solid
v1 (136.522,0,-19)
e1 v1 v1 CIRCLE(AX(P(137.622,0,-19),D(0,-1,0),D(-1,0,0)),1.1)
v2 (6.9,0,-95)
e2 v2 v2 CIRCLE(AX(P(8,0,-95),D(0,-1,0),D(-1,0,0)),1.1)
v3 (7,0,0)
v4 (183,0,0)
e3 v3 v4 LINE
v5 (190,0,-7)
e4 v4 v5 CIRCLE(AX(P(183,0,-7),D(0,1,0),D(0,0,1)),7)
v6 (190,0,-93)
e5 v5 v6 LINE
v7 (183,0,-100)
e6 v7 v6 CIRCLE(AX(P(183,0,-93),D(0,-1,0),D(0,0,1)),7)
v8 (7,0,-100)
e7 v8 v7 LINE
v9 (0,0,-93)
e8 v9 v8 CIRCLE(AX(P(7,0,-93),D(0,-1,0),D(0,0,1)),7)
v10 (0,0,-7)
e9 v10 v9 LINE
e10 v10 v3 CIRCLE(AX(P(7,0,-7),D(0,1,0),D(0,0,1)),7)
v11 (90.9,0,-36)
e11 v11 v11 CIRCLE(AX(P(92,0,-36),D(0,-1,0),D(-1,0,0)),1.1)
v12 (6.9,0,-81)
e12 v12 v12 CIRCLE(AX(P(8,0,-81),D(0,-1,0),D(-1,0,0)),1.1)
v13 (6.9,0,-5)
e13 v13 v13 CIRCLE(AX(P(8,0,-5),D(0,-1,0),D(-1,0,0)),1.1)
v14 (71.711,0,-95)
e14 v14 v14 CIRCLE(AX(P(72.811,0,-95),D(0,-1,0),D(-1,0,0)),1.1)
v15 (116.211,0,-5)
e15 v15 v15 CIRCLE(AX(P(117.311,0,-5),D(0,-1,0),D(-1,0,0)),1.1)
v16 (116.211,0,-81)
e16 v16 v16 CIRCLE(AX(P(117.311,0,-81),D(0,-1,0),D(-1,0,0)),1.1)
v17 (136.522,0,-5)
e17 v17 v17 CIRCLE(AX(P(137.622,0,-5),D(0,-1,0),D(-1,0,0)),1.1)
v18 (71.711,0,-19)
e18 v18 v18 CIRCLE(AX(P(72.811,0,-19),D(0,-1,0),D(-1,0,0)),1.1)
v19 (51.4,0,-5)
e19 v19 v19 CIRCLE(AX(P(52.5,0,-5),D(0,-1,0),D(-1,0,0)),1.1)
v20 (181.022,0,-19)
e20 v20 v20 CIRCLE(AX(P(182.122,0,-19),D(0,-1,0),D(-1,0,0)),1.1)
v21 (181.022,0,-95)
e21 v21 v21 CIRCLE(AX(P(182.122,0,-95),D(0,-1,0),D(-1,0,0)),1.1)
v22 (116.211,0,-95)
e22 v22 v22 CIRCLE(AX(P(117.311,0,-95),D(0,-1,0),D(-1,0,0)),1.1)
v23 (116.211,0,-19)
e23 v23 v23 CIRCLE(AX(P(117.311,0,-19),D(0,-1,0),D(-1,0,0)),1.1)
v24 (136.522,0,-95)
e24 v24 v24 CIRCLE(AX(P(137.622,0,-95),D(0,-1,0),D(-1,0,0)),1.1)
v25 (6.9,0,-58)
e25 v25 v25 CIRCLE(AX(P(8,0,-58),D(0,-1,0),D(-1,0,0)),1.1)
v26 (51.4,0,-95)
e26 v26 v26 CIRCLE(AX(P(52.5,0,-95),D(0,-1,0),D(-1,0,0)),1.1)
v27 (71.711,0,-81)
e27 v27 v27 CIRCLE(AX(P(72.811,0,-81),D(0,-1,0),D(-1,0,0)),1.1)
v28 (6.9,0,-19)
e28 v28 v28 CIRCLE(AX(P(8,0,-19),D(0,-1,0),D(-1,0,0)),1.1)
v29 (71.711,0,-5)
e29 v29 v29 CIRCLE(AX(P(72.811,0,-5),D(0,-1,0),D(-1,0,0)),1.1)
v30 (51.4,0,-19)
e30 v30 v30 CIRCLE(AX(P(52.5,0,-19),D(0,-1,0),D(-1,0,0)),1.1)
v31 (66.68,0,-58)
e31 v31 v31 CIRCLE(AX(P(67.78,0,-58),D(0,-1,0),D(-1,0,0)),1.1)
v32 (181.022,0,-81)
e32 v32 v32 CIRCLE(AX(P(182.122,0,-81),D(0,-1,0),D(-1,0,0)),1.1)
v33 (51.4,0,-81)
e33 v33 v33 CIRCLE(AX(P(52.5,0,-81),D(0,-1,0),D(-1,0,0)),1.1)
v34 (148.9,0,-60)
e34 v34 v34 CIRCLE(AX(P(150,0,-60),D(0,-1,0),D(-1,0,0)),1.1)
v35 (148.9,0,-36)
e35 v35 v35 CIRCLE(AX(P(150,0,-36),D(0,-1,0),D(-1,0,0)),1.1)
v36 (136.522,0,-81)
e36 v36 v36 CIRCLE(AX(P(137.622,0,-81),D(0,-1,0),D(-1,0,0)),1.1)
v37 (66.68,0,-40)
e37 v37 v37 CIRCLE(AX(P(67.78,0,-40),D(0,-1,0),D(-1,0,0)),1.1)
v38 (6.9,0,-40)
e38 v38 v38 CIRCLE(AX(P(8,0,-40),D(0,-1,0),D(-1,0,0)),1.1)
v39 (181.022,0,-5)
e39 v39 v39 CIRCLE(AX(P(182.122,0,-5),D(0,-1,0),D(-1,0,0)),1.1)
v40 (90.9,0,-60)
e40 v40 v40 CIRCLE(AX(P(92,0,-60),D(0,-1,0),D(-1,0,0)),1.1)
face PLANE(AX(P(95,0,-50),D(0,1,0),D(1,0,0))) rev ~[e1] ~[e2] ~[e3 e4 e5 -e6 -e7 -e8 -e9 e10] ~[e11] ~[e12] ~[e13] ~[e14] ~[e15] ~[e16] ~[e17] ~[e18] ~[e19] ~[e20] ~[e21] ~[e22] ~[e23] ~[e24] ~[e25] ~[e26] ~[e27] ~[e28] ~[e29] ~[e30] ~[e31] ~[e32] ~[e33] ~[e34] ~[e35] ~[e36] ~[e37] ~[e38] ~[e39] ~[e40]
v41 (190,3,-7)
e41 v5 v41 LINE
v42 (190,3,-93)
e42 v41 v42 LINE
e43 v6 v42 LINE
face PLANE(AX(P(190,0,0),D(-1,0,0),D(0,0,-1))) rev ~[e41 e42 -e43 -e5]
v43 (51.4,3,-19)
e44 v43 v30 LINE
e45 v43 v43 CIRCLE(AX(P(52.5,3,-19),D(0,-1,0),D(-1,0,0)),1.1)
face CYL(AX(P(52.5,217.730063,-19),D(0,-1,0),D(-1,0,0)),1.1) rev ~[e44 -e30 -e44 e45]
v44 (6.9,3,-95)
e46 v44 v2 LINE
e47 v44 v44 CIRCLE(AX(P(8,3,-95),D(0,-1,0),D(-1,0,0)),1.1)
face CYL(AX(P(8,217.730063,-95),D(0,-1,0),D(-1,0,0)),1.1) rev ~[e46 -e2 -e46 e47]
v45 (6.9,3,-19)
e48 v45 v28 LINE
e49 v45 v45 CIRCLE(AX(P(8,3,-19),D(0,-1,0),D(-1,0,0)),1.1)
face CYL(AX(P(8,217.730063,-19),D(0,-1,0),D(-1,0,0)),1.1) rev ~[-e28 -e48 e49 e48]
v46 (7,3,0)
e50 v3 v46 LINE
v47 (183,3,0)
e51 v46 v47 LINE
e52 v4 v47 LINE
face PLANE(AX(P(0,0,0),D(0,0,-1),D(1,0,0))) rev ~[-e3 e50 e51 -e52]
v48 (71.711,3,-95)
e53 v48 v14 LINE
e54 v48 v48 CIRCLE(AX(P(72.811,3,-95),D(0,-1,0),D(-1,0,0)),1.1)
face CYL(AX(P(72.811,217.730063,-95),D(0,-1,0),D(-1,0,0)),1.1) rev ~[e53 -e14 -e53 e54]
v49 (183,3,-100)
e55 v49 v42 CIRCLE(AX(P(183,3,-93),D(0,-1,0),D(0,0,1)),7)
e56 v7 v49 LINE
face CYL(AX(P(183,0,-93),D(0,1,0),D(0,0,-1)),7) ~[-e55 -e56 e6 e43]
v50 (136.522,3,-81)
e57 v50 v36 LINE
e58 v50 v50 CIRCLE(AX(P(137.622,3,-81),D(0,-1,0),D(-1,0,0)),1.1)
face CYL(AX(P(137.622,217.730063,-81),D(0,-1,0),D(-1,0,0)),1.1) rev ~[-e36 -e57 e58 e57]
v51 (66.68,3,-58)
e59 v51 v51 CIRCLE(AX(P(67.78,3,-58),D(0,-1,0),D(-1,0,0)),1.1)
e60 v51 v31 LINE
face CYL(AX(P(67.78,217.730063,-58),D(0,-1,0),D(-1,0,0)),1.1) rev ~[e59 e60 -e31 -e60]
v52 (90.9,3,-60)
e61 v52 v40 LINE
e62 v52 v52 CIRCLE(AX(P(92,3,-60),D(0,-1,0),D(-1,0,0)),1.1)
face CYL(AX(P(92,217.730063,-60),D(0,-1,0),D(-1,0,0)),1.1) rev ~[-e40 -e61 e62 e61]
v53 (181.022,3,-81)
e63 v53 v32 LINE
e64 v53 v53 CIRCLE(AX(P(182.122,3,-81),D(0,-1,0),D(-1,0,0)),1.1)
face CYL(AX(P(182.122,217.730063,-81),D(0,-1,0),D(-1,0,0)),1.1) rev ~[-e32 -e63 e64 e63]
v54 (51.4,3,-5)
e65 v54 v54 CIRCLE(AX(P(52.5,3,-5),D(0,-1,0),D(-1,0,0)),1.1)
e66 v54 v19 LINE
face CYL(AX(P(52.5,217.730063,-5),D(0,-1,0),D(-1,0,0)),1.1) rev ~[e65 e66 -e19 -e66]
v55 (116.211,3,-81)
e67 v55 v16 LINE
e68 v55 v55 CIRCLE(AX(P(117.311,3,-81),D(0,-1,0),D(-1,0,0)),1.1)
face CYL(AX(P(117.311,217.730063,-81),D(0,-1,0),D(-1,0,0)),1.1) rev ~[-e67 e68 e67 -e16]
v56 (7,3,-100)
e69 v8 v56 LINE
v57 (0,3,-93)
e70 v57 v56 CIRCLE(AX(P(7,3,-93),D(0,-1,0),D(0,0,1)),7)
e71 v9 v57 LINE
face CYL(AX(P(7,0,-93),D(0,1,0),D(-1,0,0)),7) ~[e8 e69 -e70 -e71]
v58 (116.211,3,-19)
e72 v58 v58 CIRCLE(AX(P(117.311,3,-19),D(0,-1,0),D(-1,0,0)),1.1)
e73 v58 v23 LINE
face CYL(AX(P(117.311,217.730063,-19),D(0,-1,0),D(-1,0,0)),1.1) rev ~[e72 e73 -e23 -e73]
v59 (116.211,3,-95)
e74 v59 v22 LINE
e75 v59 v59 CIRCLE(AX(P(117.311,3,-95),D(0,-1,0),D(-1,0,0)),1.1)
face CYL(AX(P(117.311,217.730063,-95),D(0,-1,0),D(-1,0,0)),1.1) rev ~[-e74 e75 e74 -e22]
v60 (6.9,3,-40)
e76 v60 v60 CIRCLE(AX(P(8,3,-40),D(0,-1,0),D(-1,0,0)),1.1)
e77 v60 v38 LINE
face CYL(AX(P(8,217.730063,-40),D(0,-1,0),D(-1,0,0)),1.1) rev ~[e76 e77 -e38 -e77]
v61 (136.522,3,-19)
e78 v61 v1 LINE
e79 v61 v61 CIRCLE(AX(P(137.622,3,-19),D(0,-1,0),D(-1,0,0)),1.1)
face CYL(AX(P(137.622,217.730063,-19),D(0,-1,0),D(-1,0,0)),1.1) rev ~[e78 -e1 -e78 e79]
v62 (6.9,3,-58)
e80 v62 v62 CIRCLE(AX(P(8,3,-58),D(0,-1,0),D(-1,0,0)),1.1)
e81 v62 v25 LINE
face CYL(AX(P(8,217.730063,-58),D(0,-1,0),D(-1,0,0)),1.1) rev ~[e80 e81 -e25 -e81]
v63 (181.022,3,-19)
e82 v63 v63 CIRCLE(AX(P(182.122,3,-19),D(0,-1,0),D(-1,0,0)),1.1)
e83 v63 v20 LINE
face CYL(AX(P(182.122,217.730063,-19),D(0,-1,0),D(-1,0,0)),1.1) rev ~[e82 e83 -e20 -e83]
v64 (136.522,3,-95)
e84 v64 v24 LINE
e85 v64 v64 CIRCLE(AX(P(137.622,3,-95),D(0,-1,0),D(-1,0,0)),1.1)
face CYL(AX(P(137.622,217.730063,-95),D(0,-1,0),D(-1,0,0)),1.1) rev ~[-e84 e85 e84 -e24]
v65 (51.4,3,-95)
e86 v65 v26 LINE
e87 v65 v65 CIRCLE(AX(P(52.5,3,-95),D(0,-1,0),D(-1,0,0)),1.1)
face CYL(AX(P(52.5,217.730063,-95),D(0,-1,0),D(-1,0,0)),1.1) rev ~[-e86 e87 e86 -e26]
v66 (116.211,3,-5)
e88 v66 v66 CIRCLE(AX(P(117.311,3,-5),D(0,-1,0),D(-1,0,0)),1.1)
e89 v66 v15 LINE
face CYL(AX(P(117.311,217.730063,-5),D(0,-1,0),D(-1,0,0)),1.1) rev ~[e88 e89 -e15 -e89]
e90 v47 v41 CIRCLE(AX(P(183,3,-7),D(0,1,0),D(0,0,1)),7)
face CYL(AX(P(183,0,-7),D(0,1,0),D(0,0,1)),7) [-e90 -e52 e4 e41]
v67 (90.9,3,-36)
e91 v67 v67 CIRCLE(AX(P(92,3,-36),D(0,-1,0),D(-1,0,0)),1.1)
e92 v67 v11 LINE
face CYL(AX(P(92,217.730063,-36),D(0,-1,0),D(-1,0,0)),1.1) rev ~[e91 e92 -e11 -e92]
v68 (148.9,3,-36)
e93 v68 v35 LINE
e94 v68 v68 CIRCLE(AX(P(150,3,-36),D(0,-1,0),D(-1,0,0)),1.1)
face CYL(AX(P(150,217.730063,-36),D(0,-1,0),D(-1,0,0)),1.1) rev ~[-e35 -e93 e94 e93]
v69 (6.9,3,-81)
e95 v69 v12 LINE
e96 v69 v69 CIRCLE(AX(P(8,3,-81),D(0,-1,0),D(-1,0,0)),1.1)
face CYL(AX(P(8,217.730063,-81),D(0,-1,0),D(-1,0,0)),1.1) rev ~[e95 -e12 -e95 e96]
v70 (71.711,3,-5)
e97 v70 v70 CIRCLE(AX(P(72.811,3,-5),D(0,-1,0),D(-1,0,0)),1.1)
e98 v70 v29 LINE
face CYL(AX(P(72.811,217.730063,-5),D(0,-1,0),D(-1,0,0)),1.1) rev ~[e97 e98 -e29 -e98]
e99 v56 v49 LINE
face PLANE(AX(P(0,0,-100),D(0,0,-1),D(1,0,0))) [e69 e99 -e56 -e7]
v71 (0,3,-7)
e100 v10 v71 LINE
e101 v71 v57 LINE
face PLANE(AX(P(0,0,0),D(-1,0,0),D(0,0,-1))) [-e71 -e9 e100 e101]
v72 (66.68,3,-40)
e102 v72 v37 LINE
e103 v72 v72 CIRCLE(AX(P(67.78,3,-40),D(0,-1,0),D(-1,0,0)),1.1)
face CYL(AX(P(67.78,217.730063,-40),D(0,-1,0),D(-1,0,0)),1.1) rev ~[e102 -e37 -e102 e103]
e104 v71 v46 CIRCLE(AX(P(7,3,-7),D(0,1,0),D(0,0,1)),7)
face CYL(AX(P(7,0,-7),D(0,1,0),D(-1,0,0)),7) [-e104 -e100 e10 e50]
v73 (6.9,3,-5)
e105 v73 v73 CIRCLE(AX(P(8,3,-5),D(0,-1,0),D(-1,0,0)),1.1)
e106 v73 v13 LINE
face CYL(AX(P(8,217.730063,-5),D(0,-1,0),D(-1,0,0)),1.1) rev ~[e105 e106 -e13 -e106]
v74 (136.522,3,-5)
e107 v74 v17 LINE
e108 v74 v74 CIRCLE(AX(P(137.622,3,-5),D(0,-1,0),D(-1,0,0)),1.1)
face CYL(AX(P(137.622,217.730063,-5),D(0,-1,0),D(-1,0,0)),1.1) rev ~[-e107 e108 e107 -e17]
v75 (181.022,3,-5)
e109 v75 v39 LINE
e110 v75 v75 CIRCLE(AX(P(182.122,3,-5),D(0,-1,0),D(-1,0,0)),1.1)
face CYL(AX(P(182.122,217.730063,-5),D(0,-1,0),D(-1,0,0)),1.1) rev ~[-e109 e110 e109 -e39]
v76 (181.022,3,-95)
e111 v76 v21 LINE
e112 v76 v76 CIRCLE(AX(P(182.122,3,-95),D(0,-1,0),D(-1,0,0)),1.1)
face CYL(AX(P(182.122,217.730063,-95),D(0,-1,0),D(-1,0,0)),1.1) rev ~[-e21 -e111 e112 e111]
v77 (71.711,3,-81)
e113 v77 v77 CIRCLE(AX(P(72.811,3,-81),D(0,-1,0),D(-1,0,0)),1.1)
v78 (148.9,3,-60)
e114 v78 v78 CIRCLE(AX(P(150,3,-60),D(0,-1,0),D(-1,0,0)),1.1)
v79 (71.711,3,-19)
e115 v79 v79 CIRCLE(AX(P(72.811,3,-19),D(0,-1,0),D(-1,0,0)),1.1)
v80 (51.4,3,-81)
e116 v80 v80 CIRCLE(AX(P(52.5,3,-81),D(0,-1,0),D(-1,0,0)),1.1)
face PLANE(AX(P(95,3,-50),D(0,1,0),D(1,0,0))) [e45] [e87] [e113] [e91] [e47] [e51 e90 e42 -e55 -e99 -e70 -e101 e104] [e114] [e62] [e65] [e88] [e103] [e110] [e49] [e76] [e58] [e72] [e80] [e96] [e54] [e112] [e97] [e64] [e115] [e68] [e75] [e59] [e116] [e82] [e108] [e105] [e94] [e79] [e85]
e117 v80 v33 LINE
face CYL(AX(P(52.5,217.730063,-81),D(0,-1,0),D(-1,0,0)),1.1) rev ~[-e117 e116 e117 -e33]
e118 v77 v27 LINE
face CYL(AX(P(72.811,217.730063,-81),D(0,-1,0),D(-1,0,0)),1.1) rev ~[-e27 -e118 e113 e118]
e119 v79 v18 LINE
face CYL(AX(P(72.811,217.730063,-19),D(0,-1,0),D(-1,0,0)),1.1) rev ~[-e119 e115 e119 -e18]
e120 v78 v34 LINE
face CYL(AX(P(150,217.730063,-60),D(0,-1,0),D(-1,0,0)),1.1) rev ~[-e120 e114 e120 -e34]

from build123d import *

# Parameters (mm, degrees)
SKETCH1_W                      = 190
SKETCH1_H                      = 100
BOSS_EXTRUDE1_DEPTH            = 3
TAP_DRILL_FOR_M2_5X0_45_TAP1_D = 2.2
FILLET1_R                      = 7


with BuildPart() as part:
    # Sketch1 → Boss-Extrude1 (new body)
    with BuildSketch(Plane(origin=(0, 0, 0), x_dir=(1, 0, 0), z_dir=(0, 1, 0))):
        with Locations((95, 50)):
            Rectangle(SKETCH1_W, SKETCH1_H)
    extrude(amount=BOSS_EXTRUDE1_DEPTH)

    # Tap Drill for M2.5x0.45 Tap1 (through all)
    with Locations(Plane(origin=(0, 3, 0), x_dir=(1, 0, 0), z_dir=(0, 1, 0))):
        with Locations((8, 95), (52.5, 95), (52.5, 81), (8, 81), (52.5, 19), (52.5, 5), (8, 19), (8, 5), (72.811, 95), (117.311, 95), (117.311, 81), (72.811, 81), (137.622, 95), (182.122, 95), (182.122, 81), (137.622, 81), (72.811, 19), (117.311, 19), (137.622, 19), (182.122, 19), (182.122, 5), (137.622, 5), (117.311, 5), (72.811, 5), (8, 58), (8, 40), (67.78, 58), (67.78, 40), (92, 60), (92, 36), (150, 36), (150, 60)):
            Hole(TAP_DRILL_FOR_M2_5X0_45_TAP1_D / 2)

    # Fillet1
    fillet1_edges = [part.edges().sort_by_distance(p)[0] for p in [
        (0, 1.5, -100),
        (190, 1.5, -100),
        (190, 1.5, 0),
        (0, 1.5, 0),
    ]]
    fillet(fillet1_edges, radius=FILLET1_R)


solid = part.part
